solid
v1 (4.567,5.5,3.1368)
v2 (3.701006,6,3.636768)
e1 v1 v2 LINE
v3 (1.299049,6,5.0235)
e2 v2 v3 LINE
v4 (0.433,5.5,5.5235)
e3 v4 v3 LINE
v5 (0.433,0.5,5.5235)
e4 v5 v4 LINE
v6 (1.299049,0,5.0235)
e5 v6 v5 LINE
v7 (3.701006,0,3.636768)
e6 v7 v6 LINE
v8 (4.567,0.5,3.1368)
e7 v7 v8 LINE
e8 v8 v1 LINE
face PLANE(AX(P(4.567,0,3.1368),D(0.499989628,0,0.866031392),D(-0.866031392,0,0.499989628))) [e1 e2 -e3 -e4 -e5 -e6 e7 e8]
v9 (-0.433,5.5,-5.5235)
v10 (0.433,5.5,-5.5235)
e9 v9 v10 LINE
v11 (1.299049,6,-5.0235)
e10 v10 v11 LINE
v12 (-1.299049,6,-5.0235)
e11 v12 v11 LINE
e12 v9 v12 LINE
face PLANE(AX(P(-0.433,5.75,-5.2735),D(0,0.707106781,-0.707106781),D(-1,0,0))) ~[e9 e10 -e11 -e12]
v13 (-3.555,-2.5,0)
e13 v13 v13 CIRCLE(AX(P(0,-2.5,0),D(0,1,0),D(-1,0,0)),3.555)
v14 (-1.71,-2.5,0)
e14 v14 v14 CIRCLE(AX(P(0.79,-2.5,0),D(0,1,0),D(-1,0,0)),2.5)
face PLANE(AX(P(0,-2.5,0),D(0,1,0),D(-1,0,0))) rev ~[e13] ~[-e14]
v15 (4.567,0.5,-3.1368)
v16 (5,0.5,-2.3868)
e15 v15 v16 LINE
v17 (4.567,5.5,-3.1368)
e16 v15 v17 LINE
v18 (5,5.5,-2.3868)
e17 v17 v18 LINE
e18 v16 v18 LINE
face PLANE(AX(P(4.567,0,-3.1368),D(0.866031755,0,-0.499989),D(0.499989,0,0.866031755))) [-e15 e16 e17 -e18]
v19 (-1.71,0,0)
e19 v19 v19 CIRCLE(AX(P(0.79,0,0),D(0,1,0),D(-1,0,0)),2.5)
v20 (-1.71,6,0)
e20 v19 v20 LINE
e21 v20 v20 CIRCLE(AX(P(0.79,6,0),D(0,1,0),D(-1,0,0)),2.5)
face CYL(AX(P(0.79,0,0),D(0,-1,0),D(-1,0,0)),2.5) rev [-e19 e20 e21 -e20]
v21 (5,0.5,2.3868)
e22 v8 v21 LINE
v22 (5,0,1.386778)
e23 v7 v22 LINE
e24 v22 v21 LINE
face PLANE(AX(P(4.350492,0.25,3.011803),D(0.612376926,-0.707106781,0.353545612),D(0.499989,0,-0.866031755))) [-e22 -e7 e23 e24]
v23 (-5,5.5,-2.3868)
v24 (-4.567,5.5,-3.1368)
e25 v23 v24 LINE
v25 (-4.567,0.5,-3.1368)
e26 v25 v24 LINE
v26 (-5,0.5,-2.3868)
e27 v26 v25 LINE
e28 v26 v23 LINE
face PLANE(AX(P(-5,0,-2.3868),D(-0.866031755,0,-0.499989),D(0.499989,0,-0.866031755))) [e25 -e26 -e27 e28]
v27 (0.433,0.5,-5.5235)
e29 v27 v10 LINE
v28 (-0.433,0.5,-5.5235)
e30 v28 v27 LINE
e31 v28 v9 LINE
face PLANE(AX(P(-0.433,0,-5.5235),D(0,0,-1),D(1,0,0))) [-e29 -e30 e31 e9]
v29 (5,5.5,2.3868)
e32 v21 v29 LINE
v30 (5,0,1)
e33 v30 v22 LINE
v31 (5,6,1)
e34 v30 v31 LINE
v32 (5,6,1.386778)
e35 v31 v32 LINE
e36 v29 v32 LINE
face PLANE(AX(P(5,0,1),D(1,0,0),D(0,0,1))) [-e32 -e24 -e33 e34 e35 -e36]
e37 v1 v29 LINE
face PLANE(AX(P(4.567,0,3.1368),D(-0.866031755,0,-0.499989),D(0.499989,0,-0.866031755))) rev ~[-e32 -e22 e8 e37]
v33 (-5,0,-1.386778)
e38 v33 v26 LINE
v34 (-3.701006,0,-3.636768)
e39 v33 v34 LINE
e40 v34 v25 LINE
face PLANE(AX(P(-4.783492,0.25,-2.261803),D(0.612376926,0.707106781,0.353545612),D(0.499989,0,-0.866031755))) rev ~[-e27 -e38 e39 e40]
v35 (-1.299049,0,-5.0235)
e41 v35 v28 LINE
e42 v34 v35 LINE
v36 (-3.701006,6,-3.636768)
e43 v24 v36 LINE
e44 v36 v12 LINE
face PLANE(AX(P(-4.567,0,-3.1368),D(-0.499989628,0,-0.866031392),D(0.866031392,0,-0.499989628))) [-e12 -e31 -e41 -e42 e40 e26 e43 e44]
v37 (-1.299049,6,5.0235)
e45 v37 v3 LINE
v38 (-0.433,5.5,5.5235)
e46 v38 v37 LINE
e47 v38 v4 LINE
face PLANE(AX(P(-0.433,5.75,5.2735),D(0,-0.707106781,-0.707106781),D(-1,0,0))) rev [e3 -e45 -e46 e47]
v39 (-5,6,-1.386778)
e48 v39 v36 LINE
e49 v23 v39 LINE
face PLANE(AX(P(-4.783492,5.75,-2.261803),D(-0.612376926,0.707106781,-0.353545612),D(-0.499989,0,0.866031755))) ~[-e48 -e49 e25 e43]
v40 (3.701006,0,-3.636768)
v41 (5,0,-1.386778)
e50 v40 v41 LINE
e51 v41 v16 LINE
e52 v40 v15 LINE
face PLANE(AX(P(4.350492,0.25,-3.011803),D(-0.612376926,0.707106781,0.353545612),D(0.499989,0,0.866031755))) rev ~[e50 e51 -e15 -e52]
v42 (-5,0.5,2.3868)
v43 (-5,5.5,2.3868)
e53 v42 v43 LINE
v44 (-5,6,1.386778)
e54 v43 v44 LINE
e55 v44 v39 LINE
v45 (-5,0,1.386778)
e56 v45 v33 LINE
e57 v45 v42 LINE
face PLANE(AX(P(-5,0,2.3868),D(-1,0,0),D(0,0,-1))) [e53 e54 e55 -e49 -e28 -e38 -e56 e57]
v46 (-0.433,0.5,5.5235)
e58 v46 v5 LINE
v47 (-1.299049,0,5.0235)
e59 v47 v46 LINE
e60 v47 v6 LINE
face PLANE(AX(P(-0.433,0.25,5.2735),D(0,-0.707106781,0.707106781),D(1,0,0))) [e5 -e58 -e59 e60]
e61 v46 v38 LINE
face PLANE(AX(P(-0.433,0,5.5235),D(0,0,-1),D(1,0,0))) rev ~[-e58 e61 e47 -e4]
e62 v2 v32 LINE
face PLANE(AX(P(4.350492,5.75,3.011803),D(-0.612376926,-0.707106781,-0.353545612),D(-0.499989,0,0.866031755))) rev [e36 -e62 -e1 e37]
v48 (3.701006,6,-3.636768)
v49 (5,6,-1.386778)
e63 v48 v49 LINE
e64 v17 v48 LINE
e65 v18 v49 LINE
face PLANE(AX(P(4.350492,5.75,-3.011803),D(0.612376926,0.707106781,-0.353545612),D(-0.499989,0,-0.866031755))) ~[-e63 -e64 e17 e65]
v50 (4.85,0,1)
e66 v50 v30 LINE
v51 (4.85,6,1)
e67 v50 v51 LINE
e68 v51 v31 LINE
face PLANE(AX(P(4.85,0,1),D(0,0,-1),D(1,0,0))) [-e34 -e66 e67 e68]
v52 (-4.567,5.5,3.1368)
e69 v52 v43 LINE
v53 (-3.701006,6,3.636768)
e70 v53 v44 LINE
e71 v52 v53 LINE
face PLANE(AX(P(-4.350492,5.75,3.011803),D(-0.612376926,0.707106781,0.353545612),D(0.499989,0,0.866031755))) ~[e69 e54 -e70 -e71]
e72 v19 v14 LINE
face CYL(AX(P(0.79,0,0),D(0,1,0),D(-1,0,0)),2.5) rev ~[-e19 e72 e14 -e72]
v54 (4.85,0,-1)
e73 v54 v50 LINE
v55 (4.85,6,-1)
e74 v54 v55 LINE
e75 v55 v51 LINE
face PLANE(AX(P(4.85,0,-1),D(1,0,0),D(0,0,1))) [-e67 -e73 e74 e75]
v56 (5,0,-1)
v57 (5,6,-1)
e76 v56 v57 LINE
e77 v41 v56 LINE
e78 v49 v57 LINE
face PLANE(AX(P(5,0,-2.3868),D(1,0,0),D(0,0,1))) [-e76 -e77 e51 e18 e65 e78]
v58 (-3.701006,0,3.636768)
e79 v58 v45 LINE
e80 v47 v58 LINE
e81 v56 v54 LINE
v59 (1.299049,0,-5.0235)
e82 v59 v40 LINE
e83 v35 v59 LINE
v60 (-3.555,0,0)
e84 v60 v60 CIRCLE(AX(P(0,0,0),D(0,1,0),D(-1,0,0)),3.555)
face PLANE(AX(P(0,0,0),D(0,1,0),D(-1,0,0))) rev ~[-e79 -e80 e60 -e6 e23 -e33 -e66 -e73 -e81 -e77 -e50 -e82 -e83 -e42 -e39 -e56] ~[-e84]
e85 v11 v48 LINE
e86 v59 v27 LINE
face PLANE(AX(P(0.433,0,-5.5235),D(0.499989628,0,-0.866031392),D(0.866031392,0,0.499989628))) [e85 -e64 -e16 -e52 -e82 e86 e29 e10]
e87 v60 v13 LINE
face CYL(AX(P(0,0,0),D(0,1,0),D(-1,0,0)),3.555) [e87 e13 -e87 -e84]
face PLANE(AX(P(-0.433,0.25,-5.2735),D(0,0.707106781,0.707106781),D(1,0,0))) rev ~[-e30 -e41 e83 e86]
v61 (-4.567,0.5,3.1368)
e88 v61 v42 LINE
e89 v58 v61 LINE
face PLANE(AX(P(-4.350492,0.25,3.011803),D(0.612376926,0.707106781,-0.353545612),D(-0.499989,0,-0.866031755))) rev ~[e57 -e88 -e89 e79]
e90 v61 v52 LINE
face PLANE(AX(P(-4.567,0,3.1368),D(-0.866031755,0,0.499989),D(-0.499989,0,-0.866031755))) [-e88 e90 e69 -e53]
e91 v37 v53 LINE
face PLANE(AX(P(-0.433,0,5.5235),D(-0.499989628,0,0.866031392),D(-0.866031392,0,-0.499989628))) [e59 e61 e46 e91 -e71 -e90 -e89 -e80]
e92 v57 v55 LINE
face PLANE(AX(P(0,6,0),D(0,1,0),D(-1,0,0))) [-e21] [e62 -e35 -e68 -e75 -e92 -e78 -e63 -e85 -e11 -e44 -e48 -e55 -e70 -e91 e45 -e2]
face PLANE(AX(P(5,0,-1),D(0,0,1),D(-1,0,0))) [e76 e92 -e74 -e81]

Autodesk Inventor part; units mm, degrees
ref_plane "YZ Plane" through (0, 0, 0) normal (1, 0, 0) x (0, 1, 0)
ref_plane "XZ Plane" through (0, 0, 0) normal (0, 1, 0) x (-1, 0, 0)
ref_plane "XY Plane" through (0, 0, 0) normal (0, 0, 1) x (1, 0, 0)
sketch "Sketch1" plane through (0, 0, 0) normal (0, 1, 0) x (-1, 0, 0)
  line L0 (-4.567, 3.1368) -> (-0.433, 5.5235)
  line L1 (0.433, 5.5235) -> (4.567, 3.1368)
  line L2 (5, 2.3868) -> (5, -2.3868)
  line L3 (4.567, -3.1368) -> (0.433, -5.5235)
  line L4 (-0.433, -5.5235) -> (-4.567, -3.1368)
  circle A0 centre (0, 0) radius 3.555
  circle A1 centre (-0.79, 0) radius 2.5
  line L5 (0.433, 5.5235) -> (-0.433, 5.5235)
  line L6 (-4.567, 3.1368) -> (-5, 2.3868)
  line L7 (4.567, 3.1368) -> (5, 2.3868)
  line L8 (5, -2.3868) -> (4.567, -3.1368)
  line L9 (0.433, -5.5235) -> (-0.433, -5.5235)
  line L10 (-4.567, -3.1368) -> (-5, -2.3868)
  line L11 (-5, -1) -> (-4.85, -1)
  line L12 (-4.85, -1) -> (-4.85, 1)
  line L13 (-4.85, 1) -> (-5, 1)
  line L14 (-5, -2.3868) -> (-5, -1)
  line L15 (-5, 1) -> (-5, 2.3868)
  point P0 (-5, 2.8868)
  point P1 (0, 5.7735)
  point P2 (5, 2.8868)
  point P3 (5, -2.8868)
  point P4 (0, -5.7735)
  point P5 (-5, -2.8868)
  point P6 (-4.85, 0)
  dimension "d1" = 7.11
  dimension "d2" = 5
  dimension "d3" = 0.79
  dimension "d4" = 0.5
  dimension "d5" = 0.5
  dimension "d6" = 0.5
  dimension "d7" = 0.5
  dimension "d8" = 0.5
  dimension "d9" = 0.5
  dimension "d10" = 0.5
  dimension "d11" = 0.5
  dimension "d12" = 0.5
  dimension "d13" = 0.5
  dimension "d14" = 0.5
  dimension "d15" = 0.5
  dimension "d16" = 2
extrude "Extrusion1" add sketch "Sketch1" along normal blind 6 contours L0 L5 L1 L7 L2 L8 L3 L9 L4 L10 L14 L11 L12 L13 L15 L6 | A0
extrude "Extrusion2" add sketch "Sketch1" against normal blind 2.5 contours A0
chamfer "Chamfer1" distance 0.5 angle 45 12 edges at (-4.7835, 0, -2.7618) (0, 0, -5.5235) (-4.7835, 0, 2.7618) (4.7835, 0, -2.7618) (4.7835, 0, 2.7618) (0, 0, 5.5235) (4.7835, 6, 2.7618) (0, 6, 5.5235) (-4.7835, 6, 2.7618) (-4.7835, 6, -2.7618) (0, 6, -5.5235) (4.7835, 6, -2.7618)
equation "\"d5\" = d4"
equation "\"d6\" = d4"
equation "\"d7\" = d6"
equation "\"d8\" = d4"
equation "\"d9\" = d8"
equation "\"d10\" = d4"
equation "\"d11\" = d10"
equation "\"d12\" = d4"
equation "\"d13\" = d12"
equation "\"d14\" = d4"
equation "\"d15\" = d14"
properties part number "Eccentric Spacer"
